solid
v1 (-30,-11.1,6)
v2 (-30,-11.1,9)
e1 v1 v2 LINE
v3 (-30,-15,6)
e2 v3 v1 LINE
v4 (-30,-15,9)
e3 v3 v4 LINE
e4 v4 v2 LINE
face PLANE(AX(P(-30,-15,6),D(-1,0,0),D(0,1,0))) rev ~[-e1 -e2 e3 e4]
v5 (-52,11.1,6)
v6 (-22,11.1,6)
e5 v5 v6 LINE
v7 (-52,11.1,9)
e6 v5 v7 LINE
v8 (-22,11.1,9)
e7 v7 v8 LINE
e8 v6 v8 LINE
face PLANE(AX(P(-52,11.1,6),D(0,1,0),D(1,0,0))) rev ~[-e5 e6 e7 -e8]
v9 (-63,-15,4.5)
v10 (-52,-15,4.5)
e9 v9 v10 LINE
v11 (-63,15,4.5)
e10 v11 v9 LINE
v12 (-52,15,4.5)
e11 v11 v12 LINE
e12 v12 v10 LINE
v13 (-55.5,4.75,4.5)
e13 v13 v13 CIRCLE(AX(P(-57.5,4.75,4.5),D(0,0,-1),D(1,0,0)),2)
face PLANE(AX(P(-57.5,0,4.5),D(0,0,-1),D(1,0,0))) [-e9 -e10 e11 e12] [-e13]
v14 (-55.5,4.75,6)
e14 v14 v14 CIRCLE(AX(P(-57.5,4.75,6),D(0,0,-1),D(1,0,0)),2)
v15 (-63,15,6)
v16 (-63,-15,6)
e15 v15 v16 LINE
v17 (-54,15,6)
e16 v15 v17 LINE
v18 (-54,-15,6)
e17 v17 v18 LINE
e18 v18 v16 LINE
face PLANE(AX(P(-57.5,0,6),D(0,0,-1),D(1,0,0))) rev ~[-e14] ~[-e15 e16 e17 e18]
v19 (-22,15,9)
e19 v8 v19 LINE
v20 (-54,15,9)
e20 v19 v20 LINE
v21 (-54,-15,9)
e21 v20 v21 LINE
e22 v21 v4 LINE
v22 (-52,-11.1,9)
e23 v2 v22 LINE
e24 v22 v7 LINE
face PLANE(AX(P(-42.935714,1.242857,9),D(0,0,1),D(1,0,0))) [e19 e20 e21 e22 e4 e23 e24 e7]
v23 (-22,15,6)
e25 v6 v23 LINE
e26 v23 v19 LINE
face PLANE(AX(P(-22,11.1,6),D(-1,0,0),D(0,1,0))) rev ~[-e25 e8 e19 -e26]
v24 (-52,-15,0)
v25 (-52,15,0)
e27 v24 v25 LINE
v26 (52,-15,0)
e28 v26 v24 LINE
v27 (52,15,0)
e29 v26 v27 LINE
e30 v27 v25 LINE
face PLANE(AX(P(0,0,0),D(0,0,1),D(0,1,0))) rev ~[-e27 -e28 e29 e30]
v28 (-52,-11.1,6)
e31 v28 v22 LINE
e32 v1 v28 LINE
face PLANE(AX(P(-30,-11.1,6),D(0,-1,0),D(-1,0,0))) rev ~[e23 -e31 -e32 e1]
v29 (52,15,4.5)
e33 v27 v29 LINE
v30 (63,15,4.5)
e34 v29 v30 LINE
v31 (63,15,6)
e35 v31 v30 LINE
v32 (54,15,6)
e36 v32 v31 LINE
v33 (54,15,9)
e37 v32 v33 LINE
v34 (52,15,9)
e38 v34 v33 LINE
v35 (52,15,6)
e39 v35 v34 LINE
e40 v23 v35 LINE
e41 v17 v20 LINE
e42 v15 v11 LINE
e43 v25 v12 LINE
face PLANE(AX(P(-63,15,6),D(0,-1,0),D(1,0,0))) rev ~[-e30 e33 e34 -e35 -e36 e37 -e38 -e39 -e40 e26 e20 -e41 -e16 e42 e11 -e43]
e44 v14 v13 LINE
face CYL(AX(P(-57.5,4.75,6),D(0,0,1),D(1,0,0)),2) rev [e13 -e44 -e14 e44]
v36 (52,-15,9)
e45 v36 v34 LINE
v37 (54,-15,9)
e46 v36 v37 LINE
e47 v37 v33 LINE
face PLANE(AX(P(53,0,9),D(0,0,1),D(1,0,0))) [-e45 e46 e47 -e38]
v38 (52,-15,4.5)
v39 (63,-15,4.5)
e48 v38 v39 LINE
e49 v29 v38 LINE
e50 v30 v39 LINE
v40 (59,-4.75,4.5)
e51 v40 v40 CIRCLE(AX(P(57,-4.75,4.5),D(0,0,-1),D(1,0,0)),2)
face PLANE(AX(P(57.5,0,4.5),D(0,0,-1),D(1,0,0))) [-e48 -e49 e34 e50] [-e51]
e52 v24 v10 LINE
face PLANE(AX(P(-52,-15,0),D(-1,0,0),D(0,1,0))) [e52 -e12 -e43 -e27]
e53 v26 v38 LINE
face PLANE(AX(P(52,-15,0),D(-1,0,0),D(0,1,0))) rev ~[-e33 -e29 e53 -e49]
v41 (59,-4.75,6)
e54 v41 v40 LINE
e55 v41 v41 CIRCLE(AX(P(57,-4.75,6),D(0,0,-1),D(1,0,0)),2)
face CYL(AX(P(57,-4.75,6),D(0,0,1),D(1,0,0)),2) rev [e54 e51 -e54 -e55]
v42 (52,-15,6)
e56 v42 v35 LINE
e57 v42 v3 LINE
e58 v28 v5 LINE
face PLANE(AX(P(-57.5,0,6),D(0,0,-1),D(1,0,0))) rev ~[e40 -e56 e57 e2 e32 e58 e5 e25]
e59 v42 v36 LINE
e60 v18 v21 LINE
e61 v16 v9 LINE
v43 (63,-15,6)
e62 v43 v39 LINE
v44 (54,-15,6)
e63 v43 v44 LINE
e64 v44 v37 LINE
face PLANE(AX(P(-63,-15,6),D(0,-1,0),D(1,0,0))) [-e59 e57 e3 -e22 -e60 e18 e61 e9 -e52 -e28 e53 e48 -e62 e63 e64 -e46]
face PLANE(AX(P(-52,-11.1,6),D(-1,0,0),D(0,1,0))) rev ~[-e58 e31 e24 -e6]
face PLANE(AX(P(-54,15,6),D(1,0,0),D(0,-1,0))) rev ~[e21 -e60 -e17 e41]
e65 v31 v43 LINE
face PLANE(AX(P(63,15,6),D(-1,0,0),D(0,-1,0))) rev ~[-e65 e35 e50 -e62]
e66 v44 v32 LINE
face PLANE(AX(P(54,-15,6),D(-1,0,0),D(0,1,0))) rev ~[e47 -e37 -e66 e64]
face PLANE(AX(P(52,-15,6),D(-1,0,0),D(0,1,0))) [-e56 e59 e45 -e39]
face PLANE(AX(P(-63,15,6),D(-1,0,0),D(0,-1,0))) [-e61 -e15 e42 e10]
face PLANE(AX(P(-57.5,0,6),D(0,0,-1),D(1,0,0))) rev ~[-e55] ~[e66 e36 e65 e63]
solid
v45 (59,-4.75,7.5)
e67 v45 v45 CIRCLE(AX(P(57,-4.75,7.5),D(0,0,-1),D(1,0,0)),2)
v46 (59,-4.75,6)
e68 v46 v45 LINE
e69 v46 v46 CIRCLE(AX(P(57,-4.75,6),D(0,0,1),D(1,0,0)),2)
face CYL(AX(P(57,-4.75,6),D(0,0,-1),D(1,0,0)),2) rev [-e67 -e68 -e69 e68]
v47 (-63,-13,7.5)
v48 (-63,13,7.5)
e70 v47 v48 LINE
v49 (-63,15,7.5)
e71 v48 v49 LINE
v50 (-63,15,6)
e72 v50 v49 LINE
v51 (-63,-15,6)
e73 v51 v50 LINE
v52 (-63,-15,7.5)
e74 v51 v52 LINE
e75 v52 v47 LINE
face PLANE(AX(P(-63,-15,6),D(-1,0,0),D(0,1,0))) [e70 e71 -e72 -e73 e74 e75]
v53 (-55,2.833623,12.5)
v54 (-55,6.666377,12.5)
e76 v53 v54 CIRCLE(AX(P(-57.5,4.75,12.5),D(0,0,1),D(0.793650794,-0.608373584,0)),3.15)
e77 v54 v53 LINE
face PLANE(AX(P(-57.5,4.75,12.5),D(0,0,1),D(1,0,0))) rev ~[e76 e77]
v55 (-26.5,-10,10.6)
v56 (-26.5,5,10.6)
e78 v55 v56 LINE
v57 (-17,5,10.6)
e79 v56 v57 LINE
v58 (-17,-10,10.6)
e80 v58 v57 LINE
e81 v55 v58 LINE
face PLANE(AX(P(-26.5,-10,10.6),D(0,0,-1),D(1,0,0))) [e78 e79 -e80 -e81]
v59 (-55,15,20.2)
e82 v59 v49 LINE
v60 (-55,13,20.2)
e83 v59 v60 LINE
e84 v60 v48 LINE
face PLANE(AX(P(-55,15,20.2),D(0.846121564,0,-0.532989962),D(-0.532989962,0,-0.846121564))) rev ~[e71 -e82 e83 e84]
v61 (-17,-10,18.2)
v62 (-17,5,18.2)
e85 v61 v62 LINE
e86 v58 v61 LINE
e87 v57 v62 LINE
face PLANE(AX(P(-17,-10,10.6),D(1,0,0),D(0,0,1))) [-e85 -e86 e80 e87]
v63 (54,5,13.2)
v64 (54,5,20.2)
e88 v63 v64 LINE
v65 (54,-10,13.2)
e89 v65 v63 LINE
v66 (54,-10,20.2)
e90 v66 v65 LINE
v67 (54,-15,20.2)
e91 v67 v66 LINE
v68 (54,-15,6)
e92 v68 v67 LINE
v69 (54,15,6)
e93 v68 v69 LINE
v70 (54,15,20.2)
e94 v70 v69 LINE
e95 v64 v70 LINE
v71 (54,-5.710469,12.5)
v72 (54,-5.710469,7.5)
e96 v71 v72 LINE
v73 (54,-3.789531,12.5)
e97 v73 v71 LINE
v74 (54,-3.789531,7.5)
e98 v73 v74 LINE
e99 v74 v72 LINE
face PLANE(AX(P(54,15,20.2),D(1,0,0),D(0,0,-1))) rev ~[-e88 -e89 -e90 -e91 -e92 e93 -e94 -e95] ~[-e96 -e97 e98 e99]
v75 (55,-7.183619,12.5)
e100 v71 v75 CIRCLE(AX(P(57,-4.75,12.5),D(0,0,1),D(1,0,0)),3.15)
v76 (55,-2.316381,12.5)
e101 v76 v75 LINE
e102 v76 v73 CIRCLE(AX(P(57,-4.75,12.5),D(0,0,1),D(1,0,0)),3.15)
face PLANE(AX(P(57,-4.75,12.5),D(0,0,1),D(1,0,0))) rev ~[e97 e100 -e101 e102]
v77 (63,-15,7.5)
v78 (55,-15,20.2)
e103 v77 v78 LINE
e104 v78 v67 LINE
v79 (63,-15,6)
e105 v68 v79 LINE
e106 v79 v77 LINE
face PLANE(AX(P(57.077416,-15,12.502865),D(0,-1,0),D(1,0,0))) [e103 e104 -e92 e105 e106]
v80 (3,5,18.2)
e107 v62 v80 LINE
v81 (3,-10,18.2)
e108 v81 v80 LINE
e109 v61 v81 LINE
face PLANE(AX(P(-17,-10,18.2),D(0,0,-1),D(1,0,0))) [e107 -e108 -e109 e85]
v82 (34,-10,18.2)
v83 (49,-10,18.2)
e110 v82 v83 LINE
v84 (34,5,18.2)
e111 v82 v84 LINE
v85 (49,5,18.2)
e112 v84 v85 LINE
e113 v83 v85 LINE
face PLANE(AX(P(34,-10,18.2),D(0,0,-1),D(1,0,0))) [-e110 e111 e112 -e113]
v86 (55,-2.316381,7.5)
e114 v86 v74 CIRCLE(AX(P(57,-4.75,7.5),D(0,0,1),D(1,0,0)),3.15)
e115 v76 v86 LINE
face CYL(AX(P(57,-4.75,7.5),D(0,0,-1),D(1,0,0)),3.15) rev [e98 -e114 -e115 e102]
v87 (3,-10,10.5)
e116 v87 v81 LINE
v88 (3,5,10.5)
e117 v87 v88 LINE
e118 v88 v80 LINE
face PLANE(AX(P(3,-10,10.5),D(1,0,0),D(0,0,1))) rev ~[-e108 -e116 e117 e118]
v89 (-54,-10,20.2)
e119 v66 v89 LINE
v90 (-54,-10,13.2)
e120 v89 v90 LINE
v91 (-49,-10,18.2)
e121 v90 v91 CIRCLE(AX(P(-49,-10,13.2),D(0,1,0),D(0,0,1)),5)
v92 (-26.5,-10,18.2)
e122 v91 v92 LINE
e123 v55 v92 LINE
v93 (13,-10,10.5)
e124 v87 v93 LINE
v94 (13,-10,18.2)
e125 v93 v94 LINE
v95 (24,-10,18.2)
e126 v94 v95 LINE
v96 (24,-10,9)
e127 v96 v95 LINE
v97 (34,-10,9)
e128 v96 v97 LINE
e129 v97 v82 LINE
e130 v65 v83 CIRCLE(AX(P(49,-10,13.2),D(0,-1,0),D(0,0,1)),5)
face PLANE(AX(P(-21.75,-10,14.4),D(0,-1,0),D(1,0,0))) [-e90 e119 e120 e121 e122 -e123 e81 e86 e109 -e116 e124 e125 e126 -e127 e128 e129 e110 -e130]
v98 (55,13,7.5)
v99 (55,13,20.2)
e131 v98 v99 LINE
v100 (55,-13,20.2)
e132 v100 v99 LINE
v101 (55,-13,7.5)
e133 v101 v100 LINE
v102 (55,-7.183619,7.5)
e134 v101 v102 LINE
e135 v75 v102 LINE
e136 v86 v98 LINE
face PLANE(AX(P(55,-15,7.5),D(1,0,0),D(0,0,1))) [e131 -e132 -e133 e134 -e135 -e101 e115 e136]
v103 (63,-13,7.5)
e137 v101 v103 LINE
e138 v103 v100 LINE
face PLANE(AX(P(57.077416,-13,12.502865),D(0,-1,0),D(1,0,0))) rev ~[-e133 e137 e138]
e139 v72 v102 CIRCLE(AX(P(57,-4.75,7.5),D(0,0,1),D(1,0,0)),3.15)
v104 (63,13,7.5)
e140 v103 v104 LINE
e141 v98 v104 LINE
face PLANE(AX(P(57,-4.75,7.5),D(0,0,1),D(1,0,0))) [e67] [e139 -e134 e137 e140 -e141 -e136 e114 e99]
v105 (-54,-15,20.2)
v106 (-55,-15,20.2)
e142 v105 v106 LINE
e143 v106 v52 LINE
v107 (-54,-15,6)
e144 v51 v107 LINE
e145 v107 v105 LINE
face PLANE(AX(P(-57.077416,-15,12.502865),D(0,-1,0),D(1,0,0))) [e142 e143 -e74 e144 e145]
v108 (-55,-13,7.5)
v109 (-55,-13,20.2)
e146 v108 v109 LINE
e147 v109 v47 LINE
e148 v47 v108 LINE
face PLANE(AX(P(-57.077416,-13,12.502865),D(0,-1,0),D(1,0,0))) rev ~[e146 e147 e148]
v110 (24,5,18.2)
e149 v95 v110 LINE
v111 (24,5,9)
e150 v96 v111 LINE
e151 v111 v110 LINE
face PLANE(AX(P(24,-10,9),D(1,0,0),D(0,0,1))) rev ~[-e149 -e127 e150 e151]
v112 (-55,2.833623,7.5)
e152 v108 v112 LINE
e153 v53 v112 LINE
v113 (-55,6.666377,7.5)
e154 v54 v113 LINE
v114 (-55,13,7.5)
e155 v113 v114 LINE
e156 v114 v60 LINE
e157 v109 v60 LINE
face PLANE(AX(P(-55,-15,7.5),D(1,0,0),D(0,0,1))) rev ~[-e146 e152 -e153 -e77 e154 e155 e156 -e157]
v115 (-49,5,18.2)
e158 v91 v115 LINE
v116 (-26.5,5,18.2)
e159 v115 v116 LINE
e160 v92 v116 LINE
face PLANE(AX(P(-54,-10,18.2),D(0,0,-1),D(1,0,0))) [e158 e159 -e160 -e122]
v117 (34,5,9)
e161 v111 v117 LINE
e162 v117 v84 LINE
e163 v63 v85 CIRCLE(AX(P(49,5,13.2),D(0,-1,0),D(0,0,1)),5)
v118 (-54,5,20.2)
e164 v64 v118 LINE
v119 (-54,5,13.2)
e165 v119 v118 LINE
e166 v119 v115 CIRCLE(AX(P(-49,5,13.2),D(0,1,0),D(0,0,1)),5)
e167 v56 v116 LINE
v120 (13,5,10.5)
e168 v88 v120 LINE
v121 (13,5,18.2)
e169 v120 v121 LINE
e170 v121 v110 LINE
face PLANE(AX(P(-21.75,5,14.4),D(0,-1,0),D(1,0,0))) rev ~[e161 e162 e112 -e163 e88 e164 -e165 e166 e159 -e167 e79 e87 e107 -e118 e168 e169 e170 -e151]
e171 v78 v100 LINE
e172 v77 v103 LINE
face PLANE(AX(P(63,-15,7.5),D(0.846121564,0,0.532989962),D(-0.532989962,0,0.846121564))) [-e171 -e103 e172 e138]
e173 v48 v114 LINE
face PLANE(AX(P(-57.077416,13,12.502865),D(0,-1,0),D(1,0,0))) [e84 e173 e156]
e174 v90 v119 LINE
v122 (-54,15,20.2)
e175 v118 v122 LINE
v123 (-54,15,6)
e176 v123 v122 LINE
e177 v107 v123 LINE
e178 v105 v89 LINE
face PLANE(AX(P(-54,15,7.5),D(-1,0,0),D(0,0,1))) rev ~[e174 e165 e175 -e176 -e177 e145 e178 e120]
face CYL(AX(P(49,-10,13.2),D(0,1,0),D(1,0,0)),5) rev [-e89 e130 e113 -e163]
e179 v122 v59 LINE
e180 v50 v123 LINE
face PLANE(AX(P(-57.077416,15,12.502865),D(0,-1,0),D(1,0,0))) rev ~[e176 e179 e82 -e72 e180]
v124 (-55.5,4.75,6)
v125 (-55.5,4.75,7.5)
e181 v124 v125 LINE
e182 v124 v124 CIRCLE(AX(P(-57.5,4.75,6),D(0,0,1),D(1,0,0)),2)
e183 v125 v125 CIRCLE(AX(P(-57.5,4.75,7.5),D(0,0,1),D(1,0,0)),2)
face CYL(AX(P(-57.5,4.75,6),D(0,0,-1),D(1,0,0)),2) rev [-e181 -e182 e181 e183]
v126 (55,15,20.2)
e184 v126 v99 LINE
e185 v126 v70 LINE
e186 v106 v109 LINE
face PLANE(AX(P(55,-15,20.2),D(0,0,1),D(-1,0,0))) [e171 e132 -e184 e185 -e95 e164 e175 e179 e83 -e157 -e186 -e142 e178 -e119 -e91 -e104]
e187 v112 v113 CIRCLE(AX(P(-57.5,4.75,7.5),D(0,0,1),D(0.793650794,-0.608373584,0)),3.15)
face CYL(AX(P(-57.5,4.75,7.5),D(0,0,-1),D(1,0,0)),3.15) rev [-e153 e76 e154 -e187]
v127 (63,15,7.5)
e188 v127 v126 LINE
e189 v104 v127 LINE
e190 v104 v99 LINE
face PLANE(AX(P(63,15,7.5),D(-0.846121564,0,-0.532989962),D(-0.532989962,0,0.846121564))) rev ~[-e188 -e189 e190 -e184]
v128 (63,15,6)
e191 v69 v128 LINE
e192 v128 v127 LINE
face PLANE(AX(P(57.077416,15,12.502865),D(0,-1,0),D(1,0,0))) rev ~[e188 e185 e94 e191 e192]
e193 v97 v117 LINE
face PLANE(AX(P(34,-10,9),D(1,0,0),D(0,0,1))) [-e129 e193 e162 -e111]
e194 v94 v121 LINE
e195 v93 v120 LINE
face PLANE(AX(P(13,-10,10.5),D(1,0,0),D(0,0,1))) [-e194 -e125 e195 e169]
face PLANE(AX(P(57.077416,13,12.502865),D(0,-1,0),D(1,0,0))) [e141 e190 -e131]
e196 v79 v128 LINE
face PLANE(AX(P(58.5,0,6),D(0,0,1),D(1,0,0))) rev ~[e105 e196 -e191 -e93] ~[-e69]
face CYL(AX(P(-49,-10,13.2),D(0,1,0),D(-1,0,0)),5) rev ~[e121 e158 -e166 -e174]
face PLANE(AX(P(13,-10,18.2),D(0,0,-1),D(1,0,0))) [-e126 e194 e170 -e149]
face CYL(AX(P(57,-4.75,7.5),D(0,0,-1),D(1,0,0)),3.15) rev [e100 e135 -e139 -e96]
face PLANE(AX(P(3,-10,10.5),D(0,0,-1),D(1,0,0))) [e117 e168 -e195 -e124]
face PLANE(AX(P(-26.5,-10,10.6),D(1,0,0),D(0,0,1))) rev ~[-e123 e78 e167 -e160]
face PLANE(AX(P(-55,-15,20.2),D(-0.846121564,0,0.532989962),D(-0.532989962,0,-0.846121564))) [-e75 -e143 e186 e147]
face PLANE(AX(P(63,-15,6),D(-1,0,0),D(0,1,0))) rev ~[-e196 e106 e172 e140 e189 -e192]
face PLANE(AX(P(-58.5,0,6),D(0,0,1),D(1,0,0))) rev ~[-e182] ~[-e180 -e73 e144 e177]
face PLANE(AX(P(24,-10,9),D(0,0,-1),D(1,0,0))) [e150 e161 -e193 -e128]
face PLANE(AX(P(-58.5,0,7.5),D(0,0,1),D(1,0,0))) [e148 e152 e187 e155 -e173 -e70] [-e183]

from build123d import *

# Parameters (mm, degrees)
SKETCH1_W             = 30
SKETCH1_H             = 104
BOSS_EXTRUDE1_DEPTH   = 6
BOSS_EXTRUDE2_START   = -6
SKETCH2_W             = 11
SKETCH2_H             = 30
SKETCH2_R             = 2
BOSS_EXTRUDE2_DEPTH   = 1.5
SKETCH4_W             = 2
SKETCH4_H             = 30
BOSS_EXTRUDE5_DEPTH   = 3
SKETCH4_3_W           = 9
SKETCH4_3_H           = 30
SKETCH4_3_R           = 2
BOSS_EXTRUDE6_DEPTH   = 1.5
BOSS_EXTRUDE6_2_DEPTH = 1.5
BOSS_EXTRUDE7_DEPTH   = 2
BOSS_EXTRUDE8_START   = -30
BOSS_EXTRUDE8_DEPTH   = 2
BOSS_EXTRUDE9_REACH   = 74.643
SKETCH5_4_W           = 1
SKETCH5_4_H           = 12.7
BOSS_EXTRUDE10_START  = -5
SKETCH5_5_W           = 9.5
SKETCH5_5_H           = 7.6
SKETCH5_5_W_2         = 10
SKETCH5_5_H_2         = 7.7
SKETCH5_5_H_3         = 9.2
BOSS_EXTRUDE10_DEPTH  = 15
FILLET1_R             = 5
SKETCH6_R             = 3.15
CUT_EXTRUDE3_DEPTH    = 5


with BuildPart() as part:
    # Sketch1 → Boss-Extrude1 (new body)
    with BuildSketch(Plane(origin=(0, 0, 0), x_dir=(0, 1, 0), z_dir=(0, 0, 1))):
        Rectangle(SKETCH1_W, SKETCH1_H)
    extrude(amount=BOSS_EXTRUDE1_DEPTH)

    # Sketch2 → Boss-Extrude2 (add)
    # profile 1 of 2: a face of its own
    with BuildSketch(Plane(origin=(0, 0, 0), x_dir=(1, 0, 0), z_dir=(0, 0, -1)).offset(BOSS_EXTRUDE2_START)):
        with Locations((-57.5, 0)):
            Rectangle(SKETCH2_W, SKETCH2_H)
        with Locations((-57.5, -4.75)):
            Circle(SKETCH2_R, mode=Mode.SUBTRACT)
    # profile 2 of 2: a face of its own
    with BuildSketch(Plane(origin=(0, 0, 0), x_dir=(1, 0, 0), z_dir=(0, 0, -1)).offset(BOSS_EXTRUDE2_START)):
        with Locations((57.5, 0)):
            Rectangle(SKETCH2_W, SKETCH2_H)
        with Locations((57, 4.75)):
            Circle(SKETCH2_R, mode=Mode.SUBTRACT)
    extrude(amount=BOSS_EXTRUDE2_DEPTH)

    # Sketch4 → Boss-Extrude5 (add)
    with BuildSketch(Plane.XY.offset(6)):
        Polygon((-22, 11.1), (-22, 15), (-54, 15), (-54, -15), (-30, -15), (-30, -11.1), (-52, -11.1), (-52, 11.1), align=None)
        with Locations((53, 0)):
            Rectangle(SKETCH4_W, SKETCH4_H)
    extrude(amount=BOSS_EXTRUDE5_DEPTH)


with BuildPart() as body_2:
    # Sketch4<3> → Boss-Extrude6 (new body)
    with BuildSketch(Plane.XY.offset(6)):
        with Locations((-58.5, 0)):
            Rectangle(SKETCH4_3_W, SKETCH4_3_H)
        with Locations((-57.5, 4.75)):
            Circle(SKETCH4_3_R, mode=Mode.SUBTRACT)
    extrude(amount=BOSS_EXTRUDE6_DEPTH)



with BuildPart() as body_3:
    # Sketch4<3> → Boss-Extrude6 2 (new body)
    with BuildSketch(Plane.XY.offset(6)):
        with Locations((58.5, 0)):
            Rectangle(SKETCH4_3_W, SKETCH4_3_H)
        with Locations((57, -4.75)):
            Circle(SKETCH4_3_R, mode=Mode.SUBTRACT)
    extrude(amount=BOSS_EXTRUDE6_2_DEPTH)


with BuildPart() as body_2_1:
    add(body_2.part)

    add(body_3.part)  # Boss-Extrude7 merges body 3
    # Sketch5 → Boss-Extrude7 (add)
    with BuildSketch(Plane.XZ.offset(15)):
        Polygon((-55, 20.2), (-63, 7.5), (-54, 7.5), (-54, 20.2), align=None)
        Polygon((55, 20.2), (54, 20.2), (54, 7.5), (63, 7.5), align=None)
    extrude(amount=-BOSS_EXTRUDE7_DEPTH)

    # Sketch5<3> → Boss-Extrude8 (add)
    with BuildSketch(Plane.XZ.offset(15).offset(BOSS_EXTRUDE8_START)):
        Polygon((-55, 20.2), (-63, 7.5), (-54, 7.5), (-54, 20.2), align=None)
        Polygon((55, 20.2), (54, 20.2), (54, 7.5), (63, 7.5), align=None)
    extrude(amount=BOSS_EXTRUDE8_DEPTH)

    # Boss-Extrude9: up to this face of the body (flat: up to its plane)
    boss_extrude9_end = Plane(body_2_1.part.faces().sort_by_distance((57.29047619, 15, 11.208744589))[0])
    # Sketch5<4> → Boss-Extrude9 (add, up to the picked face)
    with BuildSketch(Plane.XZ.offset(15), mode=Mode.PRIVATE) as boss_extrude9_sk1:
        with Locations((-54.5, 13.85)):
            Rectangle(SKETCH5_4_W, SKETCH5_4_H)
    boss_extrude9_tool1 = split(extrude(boss_extrude9_sk1.sketch, amount=-BOSS_EXTRUDE9_REACH, mode=Mode.PRIVATE), bisect_by=boss_extrude9_end, keep=Keep.BOTH, mode=Mode.PRIVATE)
    # Sketch5<4> → Boss-Extrude9 (add, up to the picked face)
    with BuildSketch(Plane.XZ.offset(15), mode=Mode.PRIVATE) as boss_extrude9_sk2:
        with Locations((54.5, 13.85)):
            Rectangle(SKETCH5_4_W, SKETCH5_4_H)
    boss_extrude9_tool2 = split(extrude(boss_extrude9_sk2.sketch, amount=-BOSS_EXTRUDE9_REACH, mode=Mode.PRIVATE), bisect_by=boss_extrude9_end, keep=Keep.BOTH, mode=Mode.PRIVATE)
    add(boss_extrude9_tool1.solids().sort_by(Axis((-54.5, -15, 13.85), (0, 1, 0)))[0])
    add(boss_extrude9_tool2.solids().sort_by(Axis((54.5, -15, 13.85), (0, 1, 0)))[0])

    # Sketch5<5> → Boss-Extrude10 (add)
    with BuildSketch(Plane.XZ.offset(15).offset(BOSS_EXTRUDE10_START)):
        with Locations((-21.75, 14.4)):
            Rectangle(SKETCH5_5_W, SKETCH5_5_H)
        with Locations((8, 14.35)):
            Rectangle(SKETCH5_5_W_2, SKETCH5_5_H_2)
        with Locations((29, 13.6)):
            Rectangle(SKETCH5_5_W_2, SKETCH5_5_H_3)
        Polygon((54, 20.2), (-54, 20.2), (-54, 18.2), (-26.5, 18.2), (-17, 18.2), (3, 18.2), (13, 18.2), (24, 18.2), (34, 18.2), (54, 18.2), align=None)
    extrude(amount=-BOSS_EXTRUDE10_DEPTH)

    # Fillet1
    fillet1_edges = [body_2_1.edges().sort_by_distance(p)[0] for p in [
        (-54, -2.5, 18.2),
        (54, -2.5, 18.2),
    ]]
    fillet(fillet1_edges, radius=FILLET1_R)

    # Sketch6 → Cut-Extrude3 (cut)
    with BuildSketch(Plane.XY.offset(7.5)):
        with Locations((57, -4.75)):
            Circle(SKETCH6_R)
        with Locations((-57.5, 4.75)):
            Circle(SKETCH6_R)
    extrude(amount=CUT_EXTRUDE3_DEPTH, mode=Mode.SUBTRACT)


solid = Compound([part.part, body_2_1.part])
